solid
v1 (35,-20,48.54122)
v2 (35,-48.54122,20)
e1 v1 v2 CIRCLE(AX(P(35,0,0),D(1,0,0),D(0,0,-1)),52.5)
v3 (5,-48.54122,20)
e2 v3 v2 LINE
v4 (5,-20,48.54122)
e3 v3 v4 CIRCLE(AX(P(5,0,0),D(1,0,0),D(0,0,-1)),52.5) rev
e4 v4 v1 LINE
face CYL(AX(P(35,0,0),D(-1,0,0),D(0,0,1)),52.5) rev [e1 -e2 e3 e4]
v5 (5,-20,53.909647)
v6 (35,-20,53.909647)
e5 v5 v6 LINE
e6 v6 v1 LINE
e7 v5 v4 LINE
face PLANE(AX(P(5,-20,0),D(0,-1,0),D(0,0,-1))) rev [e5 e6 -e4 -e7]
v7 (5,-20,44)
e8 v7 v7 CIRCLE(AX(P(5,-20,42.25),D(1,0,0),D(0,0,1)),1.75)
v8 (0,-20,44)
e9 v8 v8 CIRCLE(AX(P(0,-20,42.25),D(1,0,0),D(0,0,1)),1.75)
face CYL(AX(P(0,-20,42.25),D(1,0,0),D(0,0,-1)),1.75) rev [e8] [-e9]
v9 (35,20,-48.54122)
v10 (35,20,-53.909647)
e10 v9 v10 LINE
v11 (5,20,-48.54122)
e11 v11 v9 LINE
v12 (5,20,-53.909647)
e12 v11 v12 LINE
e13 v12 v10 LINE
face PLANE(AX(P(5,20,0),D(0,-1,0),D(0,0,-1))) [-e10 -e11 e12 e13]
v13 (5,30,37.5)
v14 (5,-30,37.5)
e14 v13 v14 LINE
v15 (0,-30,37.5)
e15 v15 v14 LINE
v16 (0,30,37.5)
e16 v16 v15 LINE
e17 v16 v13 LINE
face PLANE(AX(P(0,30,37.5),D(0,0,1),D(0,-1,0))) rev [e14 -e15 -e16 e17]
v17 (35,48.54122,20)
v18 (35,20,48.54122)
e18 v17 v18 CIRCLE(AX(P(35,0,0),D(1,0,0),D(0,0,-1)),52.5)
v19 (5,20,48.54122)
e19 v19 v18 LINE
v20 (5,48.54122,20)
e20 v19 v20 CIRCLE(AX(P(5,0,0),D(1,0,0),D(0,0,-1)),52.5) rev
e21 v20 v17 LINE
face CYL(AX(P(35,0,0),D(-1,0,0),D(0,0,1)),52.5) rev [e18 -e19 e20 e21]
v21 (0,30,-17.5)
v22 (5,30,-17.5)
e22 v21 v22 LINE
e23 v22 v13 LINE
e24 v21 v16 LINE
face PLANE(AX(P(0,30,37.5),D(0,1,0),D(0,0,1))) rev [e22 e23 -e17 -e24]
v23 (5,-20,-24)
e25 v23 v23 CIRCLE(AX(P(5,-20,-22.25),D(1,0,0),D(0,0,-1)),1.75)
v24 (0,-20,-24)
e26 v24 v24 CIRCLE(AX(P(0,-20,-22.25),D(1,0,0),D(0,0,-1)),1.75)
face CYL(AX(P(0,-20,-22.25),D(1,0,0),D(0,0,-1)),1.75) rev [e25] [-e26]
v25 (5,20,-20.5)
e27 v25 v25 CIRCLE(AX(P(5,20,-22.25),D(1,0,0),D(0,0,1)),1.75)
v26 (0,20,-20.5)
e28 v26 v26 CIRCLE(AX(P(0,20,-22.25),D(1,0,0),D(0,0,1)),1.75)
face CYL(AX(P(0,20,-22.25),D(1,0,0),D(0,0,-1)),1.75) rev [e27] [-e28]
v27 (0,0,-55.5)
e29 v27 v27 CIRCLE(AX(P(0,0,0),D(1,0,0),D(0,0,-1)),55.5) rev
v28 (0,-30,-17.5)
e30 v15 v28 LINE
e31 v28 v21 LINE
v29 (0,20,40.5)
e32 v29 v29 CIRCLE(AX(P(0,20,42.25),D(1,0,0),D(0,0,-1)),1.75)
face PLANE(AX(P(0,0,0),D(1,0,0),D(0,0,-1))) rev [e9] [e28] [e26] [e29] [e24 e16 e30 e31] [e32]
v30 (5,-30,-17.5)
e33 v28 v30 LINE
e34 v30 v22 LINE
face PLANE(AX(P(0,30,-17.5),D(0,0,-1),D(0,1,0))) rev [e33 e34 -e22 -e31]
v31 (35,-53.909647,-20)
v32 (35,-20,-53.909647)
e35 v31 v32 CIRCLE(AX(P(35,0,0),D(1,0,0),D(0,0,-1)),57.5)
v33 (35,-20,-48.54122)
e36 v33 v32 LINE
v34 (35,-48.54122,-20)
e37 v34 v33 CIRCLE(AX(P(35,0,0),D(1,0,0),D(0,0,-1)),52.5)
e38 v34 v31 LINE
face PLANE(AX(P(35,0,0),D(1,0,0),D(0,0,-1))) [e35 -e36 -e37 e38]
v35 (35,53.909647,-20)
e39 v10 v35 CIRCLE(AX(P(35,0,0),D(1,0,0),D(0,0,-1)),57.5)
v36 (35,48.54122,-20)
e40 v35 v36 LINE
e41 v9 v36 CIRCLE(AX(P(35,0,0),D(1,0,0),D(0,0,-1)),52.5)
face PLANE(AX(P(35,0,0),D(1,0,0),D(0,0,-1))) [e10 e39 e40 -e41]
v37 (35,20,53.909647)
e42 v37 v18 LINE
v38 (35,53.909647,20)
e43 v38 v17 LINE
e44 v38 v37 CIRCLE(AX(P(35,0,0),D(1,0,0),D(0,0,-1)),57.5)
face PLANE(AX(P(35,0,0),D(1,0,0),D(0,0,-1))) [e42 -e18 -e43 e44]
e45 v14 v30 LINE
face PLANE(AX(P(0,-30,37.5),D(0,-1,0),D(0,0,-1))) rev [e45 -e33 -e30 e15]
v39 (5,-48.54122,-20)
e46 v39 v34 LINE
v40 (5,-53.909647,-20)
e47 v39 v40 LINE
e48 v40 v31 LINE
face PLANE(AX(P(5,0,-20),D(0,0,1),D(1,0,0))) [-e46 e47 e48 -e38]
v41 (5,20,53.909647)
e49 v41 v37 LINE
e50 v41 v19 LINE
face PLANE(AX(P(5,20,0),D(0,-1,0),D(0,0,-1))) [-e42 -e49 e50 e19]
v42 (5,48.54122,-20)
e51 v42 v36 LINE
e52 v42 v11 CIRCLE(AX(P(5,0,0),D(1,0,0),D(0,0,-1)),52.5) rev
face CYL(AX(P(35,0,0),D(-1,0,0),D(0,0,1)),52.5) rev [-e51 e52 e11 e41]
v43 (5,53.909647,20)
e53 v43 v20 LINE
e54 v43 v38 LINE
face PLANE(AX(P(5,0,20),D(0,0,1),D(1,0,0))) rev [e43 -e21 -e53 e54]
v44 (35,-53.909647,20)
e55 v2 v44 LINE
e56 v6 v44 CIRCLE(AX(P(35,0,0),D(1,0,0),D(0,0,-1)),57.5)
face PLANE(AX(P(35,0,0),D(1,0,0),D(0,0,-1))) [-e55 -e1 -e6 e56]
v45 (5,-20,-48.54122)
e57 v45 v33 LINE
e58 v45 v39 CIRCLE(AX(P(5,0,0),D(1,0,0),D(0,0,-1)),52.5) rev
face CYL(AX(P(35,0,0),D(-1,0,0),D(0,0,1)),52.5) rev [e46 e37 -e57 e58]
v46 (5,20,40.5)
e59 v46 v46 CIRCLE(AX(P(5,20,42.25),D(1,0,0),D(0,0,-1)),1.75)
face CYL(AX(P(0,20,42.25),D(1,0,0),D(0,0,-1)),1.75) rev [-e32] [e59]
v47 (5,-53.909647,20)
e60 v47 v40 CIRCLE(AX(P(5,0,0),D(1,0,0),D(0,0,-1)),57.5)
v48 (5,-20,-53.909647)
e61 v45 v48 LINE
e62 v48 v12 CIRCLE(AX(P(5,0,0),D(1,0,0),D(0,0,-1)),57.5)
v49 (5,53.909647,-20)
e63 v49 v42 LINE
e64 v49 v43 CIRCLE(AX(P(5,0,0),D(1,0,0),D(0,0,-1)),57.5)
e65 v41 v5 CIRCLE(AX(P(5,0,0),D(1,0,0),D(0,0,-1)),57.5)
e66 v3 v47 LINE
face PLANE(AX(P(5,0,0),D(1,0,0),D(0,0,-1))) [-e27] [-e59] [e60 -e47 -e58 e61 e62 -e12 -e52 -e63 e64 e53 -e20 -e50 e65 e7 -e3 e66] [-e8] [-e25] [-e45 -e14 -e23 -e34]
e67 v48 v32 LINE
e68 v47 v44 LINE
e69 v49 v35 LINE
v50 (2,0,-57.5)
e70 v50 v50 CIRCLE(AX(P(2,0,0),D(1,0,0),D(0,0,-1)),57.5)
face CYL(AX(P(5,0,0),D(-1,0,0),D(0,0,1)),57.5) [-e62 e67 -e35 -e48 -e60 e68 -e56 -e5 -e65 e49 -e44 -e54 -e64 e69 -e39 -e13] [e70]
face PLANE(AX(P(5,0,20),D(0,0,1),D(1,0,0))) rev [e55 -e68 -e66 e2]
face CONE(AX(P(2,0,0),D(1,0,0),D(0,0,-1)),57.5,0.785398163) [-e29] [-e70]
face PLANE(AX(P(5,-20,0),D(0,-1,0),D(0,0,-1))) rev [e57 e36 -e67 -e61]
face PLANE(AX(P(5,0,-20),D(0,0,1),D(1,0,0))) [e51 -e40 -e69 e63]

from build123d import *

# Parameters (mm, degrees)
SKETCH_1_R          = 57.5
EXTRUDE_1_DEPTH     = 5
SKETCH_2_R          = 57.5
SKETCH_2_R_2        = 52.5
EXTRUDE_2_DEPTH     = 30
SKETCH_3_R          = 1.75
SKETCH_3_W          = 55
SKETCH_3_H          = 60
CUT_EXTRUDE_1_DEPTH = 87.674679117
CUT_EXTRUDE_START   = -30
CUT_EXTRUDE_2_DEPTH = 30
CHAMFER_1_SIZE      = 2


with BuildPart() as part:
    # ｽｹｯﾁ1 → ﾎﾞｽ - 押し出し1 (new body)
    with BuildSketch(Plane(origin=(0, 0, 0), x_dir=(0, 0, -1), z_dir=(1, 0, 0))):
        Circle(SKETCH_1_R)
    extrude(amount=EXTRUDE_1_DEPTH)

    # ｽｹｯﾁ2 → ﾎﾞｽ - 押し出し2 (add)
    with BuildSketch(Plane(origin=(5, 0, 0), x_dir=(0, 0, -1), z_dir=(1, 0, 0))):
        Circle(SKETCH_2_R)
        Circle(SKETCH_2_R_2, mode=Mode.SUBTRACT)
    extrude(amount=EXTRUDE_2_DEPTH)

    # ｽｹｯﾁ3 → ｶｯﾄ - 押し出し1 (cut, through all)
    with BuildSketch(Plane(origin=(5, 0, 0), x_dir=(0, 0, -1), z_dir=(1, 0, 0))):
        with Locations((-42.25, 20)):
            Circle(SKETCH_3_R)
        with Locations(Location((-42.25, -20, 0), (0, 0, 180))):
            Circle(SKETCH_3_R)
        with Locations(Location((22.25, 20, 0), (0, 0, 180))):
            Circle(SKETCH_3_R)
        with Locations((22.25, -20)):
            Circle(SKETCH_3_R)
        with Locations((-10, 0)):
            Rectangle(SKETCH_3_W, SKETCH_3_H)
    extrude(amount=-CUT_EXTRUDE_1_DEPTH, mode=Mode.SUBTRACT)

    # ｽｹｯﾁ4 → ｶｯﾄ - 押し出し2 (cut)
    with BuildSketch(Plane(origin=(35, 0, 0), x_dir=(0, 0, -1), z_dir=(1, 0, 0)).offset(CUT_EXTRUDE_START)):
        with BuildLine():
            ThreePointArc((20, 53.909646632), (0, 57.5), (-20, 53.909646632))
            Line((-20, 53.909646632), (-20, 48.541219597))
            ThreePointArc((-20, 48.541219597), (0, 52.5), (20, 48.541219597))
            Line((20, 48.541219597), (20, 53.909646632))
        make_face()
        with BuildLine():
            Line((-48.541219597, 20), (-53.909646632, 20))
            ThreePointArc((-53.909646632, 20), (-57.5, 0), (-53.909646632, -20))
            Line((-53.909646632, -20), (-48.541219597, -20))
            ThreePointArc((-48.541219597, -20), (-52.5, 0), (-48.541219597, 20))
        make_face()
        with BuildLine():
            Line((53.909646632, 20), (48.541219597, 20))
            ThreePointArc((48.541219597, 20), (52.5, 0), (48.541219597, -20))
            Line((48.541219597, -20), (53.909646632, -20))
            ThreePointArc((53.909646632, -20), (57.5, 0), (53.909646632, 20))
        make_face()
        with BuildLine():
            Line((-20, -48.541219597), (-20, -53.909646632))
            ThreePointArc((-20, -53.909646632), (0, -57.5), (20, -53.909646632))
            Line((20, -53.909646632), (20, -48.541219597))
            ThreePointArc((20, -48.541219597), (0, -52.5), (-20, -48.541219597))
        make_face()
    extrude(amount=CUT_EXTRUDE_2_DEPTH, mode=Mode.SUBTRACT)

    # 面取り1
    chamfer_1_edges = [part.edges().sort_by_distance(p)[0] for p in [
        (0, 0, 57.5),
    ]]
    chamfer(chamfer_1_edges, length=CHAMFER_1_SIZE)


solid = part.part
